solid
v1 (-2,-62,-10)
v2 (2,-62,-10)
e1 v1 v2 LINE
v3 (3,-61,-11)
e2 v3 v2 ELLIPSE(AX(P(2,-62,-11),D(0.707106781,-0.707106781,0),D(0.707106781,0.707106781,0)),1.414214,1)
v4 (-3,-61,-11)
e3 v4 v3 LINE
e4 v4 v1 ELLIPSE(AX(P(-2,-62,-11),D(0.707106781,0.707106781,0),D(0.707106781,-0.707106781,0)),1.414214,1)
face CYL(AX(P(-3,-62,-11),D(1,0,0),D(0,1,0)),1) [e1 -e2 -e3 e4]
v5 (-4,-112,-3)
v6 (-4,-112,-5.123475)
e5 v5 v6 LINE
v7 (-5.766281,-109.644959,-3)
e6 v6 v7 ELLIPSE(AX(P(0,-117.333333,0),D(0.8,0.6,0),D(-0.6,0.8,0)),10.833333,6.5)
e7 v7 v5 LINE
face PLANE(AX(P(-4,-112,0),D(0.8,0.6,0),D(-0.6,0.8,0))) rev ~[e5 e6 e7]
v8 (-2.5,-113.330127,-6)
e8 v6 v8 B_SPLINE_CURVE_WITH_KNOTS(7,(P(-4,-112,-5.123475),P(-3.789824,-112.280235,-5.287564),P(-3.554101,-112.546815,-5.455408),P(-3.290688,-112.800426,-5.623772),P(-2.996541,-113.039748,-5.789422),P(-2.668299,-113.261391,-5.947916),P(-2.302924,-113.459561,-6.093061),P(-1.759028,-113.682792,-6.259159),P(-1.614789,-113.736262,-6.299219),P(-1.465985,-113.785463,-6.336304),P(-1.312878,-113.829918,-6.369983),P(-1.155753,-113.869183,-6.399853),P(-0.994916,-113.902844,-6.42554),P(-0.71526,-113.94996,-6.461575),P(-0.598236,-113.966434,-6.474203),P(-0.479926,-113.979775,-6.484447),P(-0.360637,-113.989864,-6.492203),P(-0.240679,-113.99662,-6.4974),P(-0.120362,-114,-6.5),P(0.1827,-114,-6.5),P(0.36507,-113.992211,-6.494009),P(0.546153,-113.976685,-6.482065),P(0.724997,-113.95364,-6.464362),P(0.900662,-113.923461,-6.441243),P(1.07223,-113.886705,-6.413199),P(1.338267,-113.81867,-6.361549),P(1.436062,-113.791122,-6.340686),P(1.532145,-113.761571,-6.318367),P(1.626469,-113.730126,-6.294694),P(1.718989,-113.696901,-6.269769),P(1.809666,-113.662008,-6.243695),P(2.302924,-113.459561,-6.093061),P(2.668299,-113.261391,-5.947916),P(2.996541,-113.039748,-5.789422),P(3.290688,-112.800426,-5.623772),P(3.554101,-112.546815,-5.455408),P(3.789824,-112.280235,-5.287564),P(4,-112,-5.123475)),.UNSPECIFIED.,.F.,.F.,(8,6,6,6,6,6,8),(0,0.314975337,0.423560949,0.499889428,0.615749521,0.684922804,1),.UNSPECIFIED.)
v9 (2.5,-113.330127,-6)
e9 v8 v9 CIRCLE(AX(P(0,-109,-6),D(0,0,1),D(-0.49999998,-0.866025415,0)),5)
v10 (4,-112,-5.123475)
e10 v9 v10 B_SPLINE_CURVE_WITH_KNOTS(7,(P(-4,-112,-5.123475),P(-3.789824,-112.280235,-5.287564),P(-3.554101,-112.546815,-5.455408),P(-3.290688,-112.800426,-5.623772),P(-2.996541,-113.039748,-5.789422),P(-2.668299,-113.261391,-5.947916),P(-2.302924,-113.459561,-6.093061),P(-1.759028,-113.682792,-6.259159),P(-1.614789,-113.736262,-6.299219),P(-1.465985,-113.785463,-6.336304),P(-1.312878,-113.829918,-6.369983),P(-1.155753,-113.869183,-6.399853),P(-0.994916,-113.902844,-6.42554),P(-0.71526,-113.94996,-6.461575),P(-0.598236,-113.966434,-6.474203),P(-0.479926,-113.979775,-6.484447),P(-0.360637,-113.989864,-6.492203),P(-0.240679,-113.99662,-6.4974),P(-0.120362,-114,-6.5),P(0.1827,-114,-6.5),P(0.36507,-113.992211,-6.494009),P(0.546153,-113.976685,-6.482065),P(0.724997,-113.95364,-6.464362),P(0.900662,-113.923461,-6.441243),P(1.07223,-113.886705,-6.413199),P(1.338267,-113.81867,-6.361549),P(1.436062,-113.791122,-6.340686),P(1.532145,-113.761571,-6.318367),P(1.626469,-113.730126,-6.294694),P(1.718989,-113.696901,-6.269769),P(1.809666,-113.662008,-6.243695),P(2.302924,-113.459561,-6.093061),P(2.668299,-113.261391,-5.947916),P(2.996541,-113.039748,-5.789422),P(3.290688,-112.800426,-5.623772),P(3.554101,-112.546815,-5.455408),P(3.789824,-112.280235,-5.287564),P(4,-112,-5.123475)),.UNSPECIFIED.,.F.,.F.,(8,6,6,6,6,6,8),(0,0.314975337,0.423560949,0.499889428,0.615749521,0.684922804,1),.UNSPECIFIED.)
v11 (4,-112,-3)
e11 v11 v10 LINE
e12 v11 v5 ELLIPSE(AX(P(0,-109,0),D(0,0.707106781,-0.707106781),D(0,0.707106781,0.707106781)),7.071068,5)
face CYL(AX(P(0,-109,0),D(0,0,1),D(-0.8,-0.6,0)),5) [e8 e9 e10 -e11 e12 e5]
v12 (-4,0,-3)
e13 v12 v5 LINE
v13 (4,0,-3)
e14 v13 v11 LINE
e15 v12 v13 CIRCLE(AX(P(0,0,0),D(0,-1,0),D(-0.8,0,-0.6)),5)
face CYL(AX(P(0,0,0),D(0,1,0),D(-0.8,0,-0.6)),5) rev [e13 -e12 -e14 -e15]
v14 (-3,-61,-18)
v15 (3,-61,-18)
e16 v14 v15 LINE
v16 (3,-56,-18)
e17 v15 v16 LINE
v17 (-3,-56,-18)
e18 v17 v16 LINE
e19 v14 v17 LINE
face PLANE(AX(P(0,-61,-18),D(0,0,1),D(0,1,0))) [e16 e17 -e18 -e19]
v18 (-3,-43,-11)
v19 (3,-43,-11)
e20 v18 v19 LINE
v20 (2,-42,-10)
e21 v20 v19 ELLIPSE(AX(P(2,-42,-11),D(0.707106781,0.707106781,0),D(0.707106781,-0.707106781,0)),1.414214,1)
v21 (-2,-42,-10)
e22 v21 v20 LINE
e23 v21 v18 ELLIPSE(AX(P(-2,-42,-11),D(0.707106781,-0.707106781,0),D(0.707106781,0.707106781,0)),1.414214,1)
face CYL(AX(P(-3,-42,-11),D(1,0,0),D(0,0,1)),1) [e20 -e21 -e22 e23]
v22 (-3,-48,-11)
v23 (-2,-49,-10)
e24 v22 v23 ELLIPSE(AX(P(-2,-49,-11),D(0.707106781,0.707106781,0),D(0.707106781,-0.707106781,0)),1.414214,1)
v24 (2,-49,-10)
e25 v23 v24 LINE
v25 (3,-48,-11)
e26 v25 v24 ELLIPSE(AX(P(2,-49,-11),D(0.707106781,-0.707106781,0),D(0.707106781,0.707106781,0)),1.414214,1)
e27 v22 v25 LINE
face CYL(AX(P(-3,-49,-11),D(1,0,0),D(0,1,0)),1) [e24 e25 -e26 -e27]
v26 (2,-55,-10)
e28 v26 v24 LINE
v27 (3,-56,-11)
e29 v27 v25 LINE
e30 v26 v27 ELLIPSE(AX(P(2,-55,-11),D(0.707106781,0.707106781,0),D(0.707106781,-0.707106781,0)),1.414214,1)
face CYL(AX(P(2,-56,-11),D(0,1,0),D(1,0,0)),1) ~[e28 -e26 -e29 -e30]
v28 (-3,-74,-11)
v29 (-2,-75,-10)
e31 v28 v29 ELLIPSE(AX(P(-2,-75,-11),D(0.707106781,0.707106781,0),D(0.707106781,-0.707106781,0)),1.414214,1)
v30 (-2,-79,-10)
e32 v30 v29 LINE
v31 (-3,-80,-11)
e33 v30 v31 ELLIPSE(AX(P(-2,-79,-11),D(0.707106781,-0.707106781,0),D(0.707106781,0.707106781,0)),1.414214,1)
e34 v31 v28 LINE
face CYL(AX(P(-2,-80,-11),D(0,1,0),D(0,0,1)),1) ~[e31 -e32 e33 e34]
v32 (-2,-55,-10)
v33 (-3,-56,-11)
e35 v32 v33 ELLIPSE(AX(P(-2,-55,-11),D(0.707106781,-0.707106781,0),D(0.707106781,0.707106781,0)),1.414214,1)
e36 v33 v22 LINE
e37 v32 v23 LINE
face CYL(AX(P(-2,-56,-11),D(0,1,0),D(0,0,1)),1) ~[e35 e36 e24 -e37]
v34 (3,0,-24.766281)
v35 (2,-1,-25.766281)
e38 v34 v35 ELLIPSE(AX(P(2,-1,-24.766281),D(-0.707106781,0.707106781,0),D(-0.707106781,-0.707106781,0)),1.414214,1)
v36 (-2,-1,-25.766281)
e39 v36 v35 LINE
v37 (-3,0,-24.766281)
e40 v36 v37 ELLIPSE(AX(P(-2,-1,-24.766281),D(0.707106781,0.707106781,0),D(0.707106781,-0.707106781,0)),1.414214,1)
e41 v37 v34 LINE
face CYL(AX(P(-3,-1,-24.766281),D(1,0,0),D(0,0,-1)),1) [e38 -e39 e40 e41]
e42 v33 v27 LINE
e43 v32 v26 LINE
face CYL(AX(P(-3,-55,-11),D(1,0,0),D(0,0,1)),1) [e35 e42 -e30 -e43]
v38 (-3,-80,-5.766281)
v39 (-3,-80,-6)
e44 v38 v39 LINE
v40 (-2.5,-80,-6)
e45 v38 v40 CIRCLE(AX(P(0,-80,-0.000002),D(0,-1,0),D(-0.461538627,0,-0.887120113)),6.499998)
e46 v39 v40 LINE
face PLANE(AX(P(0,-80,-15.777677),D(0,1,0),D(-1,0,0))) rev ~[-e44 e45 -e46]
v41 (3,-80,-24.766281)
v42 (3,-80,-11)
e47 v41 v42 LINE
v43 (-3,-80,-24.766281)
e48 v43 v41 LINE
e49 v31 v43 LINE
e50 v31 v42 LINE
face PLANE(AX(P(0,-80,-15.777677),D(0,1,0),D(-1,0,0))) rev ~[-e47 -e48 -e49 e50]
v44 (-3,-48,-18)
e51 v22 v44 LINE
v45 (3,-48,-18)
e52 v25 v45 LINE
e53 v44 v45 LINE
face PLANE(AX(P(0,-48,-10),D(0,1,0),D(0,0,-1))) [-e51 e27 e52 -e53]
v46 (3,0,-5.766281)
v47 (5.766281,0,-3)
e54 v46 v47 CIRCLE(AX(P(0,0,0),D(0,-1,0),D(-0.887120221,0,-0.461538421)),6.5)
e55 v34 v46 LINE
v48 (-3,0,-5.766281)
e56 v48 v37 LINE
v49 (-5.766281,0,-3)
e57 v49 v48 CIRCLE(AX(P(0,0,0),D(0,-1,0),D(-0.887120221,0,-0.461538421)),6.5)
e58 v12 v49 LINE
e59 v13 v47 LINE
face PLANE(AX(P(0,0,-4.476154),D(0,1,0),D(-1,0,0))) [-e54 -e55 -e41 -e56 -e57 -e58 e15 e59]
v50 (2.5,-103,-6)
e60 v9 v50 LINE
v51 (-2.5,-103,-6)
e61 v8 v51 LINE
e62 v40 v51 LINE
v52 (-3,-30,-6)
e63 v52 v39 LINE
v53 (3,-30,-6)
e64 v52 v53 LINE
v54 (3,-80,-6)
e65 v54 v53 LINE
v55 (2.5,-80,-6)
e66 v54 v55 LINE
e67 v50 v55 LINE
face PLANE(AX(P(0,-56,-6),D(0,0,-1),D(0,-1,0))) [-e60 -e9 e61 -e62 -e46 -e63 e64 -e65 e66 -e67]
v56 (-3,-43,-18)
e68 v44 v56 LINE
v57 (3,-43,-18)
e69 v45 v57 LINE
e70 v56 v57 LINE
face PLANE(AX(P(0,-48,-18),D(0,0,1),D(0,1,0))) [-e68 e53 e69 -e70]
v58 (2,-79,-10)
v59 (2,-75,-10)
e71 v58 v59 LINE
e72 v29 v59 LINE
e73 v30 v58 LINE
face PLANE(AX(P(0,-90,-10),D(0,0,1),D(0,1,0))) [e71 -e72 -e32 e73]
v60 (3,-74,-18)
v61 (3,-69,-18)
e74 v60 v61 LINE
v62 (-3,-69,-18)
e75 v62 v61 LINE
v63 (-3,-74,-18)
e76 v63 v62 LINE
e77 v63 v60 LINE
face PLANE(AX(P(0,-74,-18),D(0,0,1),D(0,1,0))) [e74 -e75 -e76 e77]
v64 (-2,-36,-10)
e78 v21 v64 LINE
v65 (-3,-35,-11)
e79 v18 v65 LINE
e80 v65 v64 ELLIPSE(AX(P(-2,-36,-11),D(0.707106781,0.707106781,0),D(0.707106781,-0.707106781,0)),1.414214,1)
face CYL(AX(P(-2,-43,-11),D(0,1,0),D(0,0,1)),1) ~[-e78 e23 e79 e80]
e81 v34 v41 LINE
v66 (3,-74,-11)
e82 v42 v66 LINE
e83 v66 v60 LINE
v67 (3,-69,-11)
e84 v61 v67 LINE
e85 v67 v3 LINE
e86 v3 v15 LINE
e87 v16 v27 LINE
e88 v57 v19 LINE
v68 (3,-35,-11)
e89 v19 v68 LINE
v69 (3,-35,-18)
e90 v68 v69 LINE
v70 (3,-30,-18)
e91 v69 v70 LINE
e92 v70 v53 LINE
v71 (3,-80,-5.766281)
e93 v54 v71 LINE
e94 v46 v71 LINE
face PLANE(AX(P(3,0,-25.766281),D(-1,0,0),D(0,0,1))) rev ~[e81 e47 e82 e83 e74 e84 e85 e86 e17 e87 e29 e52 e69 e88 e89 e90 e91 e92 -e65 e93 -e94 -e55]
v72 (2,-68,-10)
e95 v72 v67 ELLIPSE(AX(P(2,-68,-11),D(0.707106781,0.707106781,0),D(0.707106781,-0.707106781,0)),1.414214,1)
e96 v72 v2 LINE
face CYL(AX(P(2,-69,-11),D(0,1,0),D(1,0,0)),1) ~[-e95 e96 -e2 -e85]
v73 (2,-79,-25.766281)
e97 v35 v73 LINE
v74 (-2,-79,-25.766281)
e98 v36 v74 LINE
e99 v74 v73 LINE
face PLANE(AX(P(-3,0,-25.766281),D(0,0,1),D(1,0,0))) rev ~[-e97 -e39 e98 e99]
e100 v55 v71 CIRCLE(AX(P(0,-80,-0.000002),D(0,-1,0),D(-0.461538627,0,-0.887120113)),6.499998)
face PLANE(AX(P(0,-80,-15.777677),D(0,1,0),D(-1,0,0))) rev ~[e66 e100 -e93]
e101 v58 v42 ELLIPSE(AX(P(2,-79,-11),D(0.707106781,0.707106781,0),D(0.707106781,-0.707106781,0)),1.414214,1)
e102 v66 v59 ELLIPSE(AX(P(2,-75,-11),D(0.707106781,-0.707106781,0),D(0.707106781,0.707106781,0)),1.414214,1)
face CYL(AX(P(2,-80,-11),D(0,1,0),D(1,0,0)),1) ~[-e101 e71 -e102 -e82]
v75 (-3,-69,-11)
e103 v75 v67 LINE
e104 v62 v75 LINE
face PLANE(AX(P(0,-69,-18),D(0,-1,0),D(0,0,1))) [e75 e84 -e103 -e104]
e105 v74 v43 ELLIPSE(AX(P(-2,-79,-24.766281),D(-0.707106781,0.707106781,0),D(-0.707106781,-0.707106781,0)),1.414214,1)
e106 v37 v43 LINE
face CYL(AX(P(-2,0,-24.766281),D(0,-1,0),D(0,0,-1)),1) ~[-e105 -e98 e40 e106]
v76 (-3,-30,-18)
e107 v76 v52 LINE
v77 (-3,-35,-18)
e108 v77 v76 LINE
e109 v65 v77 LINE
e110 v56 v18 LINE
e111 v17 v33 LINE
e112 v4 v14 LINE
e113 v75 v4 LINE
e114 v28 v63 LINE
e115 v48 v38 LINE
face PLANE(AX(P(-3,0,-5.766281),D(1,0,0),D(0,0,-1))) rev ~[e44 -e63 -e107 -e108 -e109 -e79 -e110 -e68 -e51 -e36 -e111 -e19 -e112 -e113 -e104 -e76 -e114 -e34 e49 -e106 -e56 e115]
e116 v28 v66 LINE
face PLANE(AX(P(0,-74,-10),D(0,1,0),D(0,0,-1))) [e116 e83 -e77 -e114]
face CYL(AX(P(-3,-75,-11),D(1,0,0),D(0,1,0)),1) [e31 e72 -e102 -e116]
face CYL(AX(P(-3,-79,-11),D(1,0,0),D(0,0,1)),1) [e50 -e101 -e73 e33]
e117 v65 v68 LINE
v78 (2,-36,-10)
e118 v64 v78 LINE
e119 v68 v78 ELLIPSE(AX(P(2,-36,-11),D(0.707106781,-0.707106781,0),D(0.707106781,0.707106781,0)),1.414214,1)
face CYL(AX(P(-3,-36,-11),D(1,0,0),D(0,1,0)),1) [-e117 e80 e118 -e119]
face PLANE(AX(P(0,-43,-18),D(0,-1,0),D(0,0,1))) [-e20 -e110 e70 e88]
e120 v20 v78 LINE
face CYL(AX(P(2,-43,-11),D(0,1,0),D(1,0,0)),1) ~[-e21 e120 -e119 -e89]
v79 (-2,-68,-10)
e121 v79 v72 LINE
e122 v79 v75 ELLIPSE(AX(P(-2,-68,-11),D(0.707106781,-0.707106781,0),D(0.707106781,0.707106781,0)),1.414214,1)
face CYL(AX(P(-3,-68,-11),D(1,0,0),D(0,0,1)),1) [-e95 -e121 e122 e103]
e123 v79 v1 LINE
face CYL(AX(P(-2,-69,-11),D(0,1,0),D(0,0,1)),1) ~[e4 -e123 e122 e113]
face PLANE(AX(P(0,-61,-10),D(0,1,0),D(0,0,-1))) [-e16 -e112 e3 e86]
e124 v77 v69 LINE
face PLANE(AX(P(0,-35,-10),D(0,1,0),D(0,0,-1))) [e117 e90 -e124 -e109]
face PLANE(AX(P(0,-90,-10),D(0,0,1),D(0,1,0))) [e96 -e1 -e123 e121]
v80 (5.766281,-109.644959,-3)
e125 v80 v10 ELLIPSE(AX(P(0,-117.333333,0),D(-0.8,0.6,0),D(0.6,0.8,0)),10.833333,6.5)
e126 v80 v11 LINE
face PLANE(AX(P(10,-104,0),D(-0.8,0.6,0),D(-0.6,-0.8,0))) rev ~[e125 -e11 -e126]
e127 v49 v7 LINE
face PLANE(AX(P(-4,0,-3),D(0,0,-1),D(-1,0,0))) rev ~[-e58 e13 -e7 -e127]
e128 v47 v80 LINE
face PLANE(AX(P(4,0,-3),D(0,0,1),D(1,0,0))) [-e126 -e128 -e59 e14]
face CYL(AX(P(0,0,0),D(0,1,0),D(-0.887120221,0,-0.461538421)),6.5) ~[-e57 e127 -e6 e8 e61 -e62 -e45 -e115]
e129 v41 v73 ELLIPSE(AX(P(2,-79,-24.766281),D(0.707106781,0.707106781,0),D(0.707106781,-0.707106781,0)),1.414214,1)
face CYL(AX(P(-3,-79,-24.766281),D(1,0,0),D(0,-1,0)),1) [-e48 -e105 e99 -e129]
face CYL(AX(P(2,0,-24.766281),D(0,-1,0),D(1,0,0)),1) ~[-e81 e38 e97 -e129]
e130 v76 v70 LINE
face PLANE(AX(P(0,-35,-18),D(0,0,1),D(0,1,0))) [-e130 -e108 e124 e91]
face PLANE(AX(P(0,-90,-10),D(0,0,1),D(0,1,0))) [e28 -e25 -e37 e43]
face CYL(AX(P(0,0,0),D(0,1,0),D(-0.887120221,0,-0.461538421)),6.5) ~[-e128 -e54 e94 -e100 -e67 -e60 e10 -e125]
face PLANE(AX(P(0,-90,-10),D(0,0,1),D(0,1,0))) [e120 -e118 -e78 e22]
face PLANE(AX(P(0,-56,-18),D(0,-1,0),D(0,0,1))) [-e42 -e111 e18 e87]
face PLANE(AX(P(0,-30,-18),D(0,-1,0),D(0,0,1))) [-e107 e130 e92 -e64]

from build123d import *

# Parameters (mm, degrees)
PAD_DEPTH            = 120
PAD001_DEPTH         = 80
POCKET_DEPTH         = 5.767281
POCKET_DEPTH_BACK    = 5.767281
POCKET001_DEPTH      = 25.767281
POCKET002_DEPTH      = 5.767281
POCKET002_DEPTH_BACK = 5.767281
POCKET003_DEPTH      = 5.767281
POCKET003_DEPTH_BACK = 5.767281
POCKET004_DEPTH      = 5.767281
POCKET004_DEPTH_BACK = 5.767281
FILLET_R             = 1


with BuildPart() as part:
    # Sketch → Pad (new body)
    with BuildSketch(Plane.XZ):
        with BuildLine():
            ThreePointArc((-4, -3), (0, -5), (4, -3))
            Line((4, -3), (5.766281, -3))
            ThreePointArc((-5.766281, -3), (0, -6.5), (5.766281, -3))
            Line((-4, -3), (-5.766281, -3))
        make_face()
    extrude(amount=PAD_DEPTH)

    # Sketch001 → Pad001 (join)
    with BuildSketch(Plane.XZ):
        with BuildLine():
            ThreePointArc((-3, -5.766281), (0, -6.5), (3, -5.766281))
            Line((3, -25.766281), (3, -5.766281))
            Line((-3, -25.766281), (3, -25.766281))
            Line((-3, -5.766281), (-3, -25.766281))
        make_face()
    extrude(amount=PAD001_DEPTH)

    # Sketch002 → Pocket (cut, two sides)
    with BuildSketch(Plane.YZ) as pocket_sk:
        Polygon((-30, -18), (-30, -6), (-90, -6), (-90, -10), (-35, -10), (-35, -18), align=None)
    extrude(amount=-POCKET_DEPTH, mode=Mode.SUBTRACT)
    extrude(pocket_sk.sketch, amount=POCKET_DEPTH_BACK, mode=Mode.SUBTRACT)

    # Sketch003 → Pocket001 (cut, through all)
    with BuildSketch(Plane.XY):
        with BuildLine():
            Line((-10, -104), (-10, -134))
            Line((-10, -134), (10, -134))
            Line((10, -134), (10, -104))
            Line((10, -104), (4, -112))
            ThreePointArc((-4, -112), (0, -114), (4, -112))
            Line((-4, -112), (-10, -104))
        make_face()
    extrude(amount=-POCKET001_DEPTH, mode=Mode.SUBTRACT)

    # Sketch004 → Pocket002 (cut, two sides)
    with BuildSketch(Plane.YZ) as pocket002_sk:
        Polygon((-43, -18), (-43, -6), (-103, -6), (-103, -10), (-48, -10), (-48, -18), align=None)
    extrude(amount=-POCKET002_DEPTH, mode=Mode.SUBTRACT)
    extrude(pocket002_sk.sketch, amount=POCKET002_DEPTH_BACK, mode=Mode.SUBTRACT)

    # Sketch005 → Pocket003 (cut, two sides)
    with BuildSketch(Plane.YZ) as pocket003_sk:
        Polygon((-56, -18), (-56, -6), (-116, -6), (-116, -10), (-61, -10), (-61, -18), align=None)
    extrude(amount=-POCKET003_DEPTH, mode=Mode.SUBTRACT)
    extrude(pocket003_sk.sketch, amount=POCKET003_DEPTH_BACK, mode=Mode.SUBTRACT)

    # Sketch006 → Pocket004 (cut, two sides)
    with BuildSketch(Plane.YZ) as pocket004_sk:
        Polygon((-69, -18), (-69, -6), (-129, -6), (-129, -10), (-74, -10), (-74, -18), align=None)
    extrude(amount=-POCKET004_DEPTH, mode=Mode.SUBTRACT)
    extrude(pocket004_sk.sketch, amount=POCKET004_DEPTH_BACK, mode=Mode.SUBTRACT)

    # Fillet
    fillet_edges = [part.edges().sort_by_distance(p)[0] for p in [
        (0, -74, -10),
        (-3, -77, -10),
        (0, -80, -10),
        (3, -77, -10),
        (0, -61, -10),
        (-3, -65, -10),
        (0, -69, -10),
        (3, -65, -10),
        (0, -48, -10),
        (-3, -52, -10),
        (0, -56, -10),
        (3, -52, -10),
        (0, -35, -10),
        (-3, -39, -10),
        (0, -43, -10),
        (3, -39, -10),
        (-3, -40, -25.766281),
        (3, -40, -25.766281),
        (0, 0, -25.766281),
        (0, -80, -25.766281),
    ]]
    fillet(fillet_edges, radius=FILLET_R)


solid = part.part
